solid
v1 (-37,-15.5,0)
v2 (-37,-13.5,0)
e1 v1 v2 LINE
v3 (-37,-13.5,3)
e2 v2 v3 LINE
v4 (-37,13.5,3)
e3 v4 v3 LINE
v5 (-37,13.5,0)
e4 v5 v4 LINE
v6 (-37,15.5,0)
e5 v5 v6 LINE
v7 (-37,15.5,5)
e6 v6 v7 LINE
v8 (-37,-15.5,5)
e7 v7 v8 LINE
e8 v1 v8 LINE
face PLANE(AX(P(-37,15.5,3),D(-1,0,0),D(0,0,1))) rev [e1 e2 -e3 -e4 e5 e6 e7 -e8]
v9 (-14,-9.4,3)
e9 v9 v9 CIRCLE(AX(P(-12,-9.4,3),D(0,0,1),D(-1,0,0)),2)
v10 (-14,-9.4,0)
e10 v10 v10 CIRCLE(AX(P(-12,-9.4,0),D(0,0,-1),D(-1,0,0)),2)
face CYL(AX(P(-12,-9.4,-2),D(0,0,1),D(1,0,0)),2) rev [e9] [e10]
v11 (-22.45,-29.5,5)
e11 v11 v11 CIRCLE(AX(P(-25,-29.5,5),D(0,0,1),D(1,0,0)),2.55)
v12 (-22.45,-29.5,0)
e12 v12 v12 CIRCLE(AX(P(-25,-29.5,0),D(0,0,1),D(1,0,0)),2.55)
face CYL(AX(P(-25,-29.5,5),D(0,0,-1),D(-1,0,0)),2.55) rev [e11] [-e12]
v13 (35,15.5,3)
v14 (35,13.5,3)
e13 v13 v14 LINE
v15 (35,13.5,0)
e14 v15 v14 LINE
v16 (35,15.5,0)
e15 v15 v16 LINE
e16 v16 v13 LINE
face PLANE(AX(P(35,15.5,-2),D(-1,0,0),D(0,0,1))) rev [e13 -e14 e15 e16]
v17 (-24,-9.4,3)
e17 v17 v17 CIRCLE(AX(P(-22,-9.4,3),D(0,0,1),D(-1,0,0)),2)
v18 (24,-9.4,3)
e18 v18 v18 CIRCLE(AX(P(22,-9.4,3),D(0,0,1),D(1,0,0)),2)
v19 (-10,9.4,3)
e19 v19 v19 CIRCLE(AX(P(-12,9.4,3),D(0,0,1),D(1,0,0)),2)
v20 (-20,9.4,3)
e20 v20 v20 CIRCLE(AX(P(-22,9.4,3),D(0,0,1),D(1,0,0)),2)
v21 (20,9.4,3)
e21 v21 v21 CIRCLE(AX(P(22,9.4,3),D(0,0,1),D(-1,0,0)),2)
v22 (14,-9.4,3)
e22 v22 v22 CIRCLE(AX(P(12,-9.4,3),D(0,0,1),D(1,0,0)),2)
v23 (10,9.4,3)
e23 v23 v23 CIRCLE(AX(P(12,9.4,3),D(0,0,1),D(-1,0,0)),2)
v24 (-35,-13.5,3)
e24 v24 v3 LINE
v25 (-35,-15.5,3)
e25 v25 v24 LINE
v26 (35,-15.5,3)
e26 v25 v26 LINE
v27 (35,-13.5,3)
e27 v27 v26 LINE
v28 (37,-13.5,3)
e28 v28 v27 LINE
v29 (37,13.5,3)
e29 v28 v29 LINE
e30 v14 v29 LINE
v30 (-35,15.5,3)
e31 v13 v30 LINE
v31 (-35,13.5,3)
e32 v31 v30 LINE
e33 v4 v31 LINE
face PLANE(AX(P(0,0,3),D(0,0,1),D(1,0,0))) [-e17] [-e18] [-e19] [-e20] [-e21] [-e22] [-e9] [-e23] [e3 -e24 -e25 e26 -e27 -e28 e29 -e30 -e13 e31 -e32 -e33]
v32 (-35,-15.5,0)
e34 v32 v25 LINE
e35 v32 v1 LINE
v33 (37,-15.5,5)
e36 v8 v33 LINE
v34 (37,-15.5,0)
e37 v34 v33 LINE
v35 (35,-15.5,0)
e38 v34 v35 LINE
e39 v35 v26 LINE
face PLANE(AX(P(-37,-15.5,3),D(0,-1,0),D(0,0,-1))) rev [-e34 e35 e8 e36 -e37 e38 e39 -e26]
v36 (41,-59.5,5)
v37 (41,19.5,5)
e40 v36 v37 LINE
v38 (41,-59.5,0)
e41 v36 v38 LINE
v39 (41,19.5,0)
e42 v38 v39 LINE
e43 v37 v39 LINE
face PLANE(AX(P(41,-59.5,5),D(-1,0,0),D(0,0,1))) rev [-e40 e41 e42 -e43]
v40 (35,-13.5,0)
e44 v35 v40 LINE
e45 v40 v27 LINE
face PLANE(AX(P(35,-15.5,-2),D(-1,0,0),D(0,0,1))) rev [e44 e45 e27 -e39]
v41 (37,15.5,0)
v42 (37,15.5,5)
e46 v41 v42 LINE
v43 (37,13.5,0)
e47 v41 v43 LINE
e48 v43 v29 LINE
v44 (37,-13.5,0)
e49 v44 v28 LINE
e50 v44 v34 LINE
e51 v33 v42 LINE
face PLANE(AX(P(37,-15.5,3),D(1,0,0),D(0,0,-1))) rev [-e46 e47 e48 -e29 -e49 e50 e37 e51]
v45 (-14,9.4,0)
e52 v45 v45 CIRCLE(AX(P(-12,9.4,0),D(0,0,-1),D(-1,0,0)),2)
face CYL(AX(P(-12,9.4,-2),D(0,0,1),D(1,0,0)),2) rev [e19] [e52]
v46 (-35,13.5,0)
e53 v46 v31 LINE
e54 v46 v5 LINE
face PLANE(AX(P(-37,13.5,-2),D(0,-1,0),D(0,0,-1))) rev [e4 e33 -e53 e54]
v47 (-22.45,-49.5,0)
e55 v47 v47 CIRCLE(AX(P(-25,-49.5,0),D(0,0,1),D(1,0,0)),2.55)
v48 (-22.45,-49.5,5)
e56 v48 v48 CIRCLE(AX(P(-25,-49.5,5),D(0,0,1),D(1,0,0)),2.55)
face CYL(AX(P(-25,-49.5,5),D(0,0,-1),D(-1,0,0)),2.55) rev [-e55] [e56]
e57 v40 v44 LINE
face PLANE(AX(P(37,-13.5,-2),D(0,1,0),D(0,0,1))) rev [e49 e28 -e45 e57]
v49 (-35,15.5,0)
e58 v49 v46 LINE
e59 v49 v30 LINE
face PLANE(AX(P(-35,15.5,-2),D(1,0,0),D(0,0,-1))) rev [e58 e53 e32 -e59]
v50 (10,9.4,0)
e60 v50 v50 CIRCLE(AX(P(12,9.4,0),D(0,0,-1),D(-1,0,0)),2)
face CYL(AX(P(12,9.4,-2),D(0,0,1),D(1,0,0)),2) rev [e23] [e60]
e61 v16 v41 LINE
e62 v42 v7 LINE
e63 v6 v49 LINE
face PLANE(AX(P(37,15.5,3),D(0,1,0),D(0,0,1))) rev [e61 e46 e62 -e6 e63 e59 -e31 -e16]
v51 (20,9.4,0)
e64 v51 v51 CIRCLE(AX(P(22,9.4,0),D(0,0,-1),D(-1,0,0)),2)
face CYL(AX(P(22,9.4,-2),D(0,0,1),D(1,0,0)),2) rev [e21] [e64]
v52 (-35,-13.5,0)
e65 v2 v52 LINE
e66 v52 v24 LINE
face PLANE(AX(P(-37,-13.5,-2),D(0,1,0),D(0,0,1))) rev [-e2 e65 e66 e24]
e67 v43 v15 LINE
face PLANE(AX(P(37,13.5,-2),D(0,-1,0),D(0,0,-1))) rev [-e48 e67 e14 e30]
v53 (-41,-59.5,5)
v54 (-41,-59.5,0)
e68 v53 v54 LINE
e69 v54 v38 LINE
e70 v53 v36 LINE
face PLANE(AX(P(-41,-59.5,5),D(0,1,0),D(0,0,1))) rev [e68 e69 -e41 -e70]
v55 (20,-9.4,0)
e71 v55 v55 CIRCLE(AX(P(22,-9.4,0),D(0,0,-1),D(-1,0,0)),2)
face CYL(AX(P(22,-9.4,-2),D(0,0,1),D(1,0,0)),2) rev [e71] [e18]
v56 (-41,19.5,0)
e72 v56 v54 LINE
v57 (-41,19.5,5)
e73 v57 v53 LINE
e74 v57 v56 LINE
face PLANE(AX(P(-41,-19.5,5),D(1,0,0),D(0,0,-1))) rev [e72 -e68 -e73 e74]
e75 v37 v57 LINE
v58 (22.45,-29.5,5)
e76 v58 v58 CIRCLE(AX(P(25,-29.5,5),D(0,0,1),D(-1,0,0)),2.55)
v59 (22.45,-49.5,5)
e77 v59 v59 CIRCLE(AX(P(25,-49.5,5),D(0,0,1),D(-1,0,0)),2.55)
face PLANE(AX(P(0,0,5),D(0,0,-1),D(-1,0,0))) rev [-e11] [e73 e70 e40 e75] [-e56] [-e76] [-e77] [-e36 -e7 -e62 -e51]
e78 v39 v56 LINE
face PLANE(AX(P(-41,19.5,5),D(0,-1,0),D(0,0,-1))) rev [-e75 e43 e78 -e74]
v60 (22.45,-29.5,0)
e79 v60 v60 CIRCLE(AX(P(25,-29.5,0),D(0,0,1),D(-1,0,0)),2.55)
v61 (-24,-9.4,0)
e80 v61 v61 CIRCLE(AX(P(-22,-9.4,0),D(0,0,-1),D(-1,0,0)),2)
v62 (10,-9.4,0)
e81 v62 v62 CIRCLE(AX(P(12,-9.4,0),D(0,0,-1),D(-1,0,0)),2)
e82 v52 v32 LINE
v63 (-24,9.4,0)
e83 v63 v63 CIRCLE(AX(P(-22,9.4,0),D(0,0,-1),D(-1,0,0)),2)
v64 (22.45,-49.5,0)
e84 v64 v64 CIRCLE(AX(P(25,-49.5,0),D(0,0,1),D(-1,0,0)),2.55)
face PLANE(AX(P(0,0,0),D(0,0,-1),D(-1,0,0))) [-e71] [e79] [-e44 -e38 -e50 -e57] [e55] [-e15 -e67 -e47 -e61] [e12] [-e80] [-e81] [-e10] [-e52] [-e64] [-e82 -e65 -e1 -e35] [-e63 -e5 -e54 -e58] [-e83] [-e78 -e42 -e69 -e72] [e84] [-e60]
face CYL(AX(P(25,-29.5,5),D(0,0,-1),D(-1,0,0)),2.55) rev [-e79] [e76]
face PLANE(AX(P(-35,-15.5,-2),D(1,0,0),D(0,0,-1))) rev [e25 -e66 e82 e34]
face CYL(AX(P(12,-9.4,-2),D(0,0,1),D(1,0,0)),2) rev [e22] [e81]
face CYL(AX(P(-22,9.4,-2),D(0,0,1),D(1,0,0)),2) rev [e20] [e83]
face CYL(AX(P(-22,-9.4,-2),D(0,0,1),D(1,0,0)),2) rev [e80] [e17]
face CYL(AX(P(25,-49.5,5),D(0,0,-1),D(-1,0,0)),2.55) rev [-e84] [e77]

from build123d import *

# Parameters (mm, degrees)
SKETCH1_R           = 2.55
BOSS_EXTRUDE1_DEPTH = 5
SKETCH3_R           = 2.55
SKETCH3_W           = 74
SKETCH3_H           = 31
CUT_EXTRUDE1_DEPTH  = 2
SKETCH4_R           = 2
SKETCH4_W           = 2
SKETCH4_H           = 2
CUT_EXTRUDE2_DEPTH  = 5


with BuildPart() as part:
    # Sketch1 → Boss-Extrude1 (new body)
    with BuildSketch(Plane.XY):
        Polygon((-41, -19.5), (-41, -59.5), (41, -59.5), (41, -19.5), (41, 19.5), (-41, 19.5), align=None)
        with Locations((-25, -29.5)):
            Circle(SKETCH1_R, mode=Mode.SUBTRACT)
        with Locations((-25, -49.5)):
            Circle(SKETCH1_R, mode=Mode.SUBTRACT)
        with Locations((25, -49.5)):
            Circle(SKETCH1_R, mode=Mode.SUBTRACT)
        with Locations((25, -29.5)):
            Circle(SKETCH1_R, mode=Mode.SUBTRACT)
    extrude(amount=BOSS_EXTRUDE1_DEPTH)

    # Sketch3 → Cut-Extrude1 (cut)
    with BuildSketch(Plane.XY.offset(5)):
        with Locations((25, -29.5)):
            Circle(SKETCH3_R)
        with Locations((25, -49.5)):
            Circle(SKETCH3_R)
        with Locations((-25, -49.5)):
            Circle(SKETCH3_R)
        with Locations((-25, -29.5)):
            Circle(SKETCH3_R)
        Rectangle(SKETCH3_W, SKETCH3_H)
    extrude(amount=-CUT_EXTRUDE1_DEPTH, mode=Mode.SUBTRACT)

    # Sketch4 → Cut-Extrude2 (cut)
    with BuildSketch(Plane.XY.offset(3)):
        with Locations((-22, 9.4)):
            Circle(SKETCH4_R)
        with Locations((-12, 9.4)):
            Circle(SKETCH4_R)
        with Locations((12, 9.4)):
            Circle(SKETCH4_R)
        with Locations((22, 9.4)):
            Circle(SKETCH4_R)
        with Locations((22, -9.4)):
            Circle(SKETCH4_R)
        with Locations((12, -9.4)):
            Circle(SKETCH4_R)
        with Locations((-12, -9.4)):
            Circle(SKETCH4_R)
        with Locations((-22, -9.4)):
            Circle(SKETCH4_R)
        with Locations((-36, -14.5)):
            Rectangle(SKETCH4_W, SKETCH4_H)
        with Locations((-36, 14.5)):
            Rectangle(SKETCH4_W, SKETCH4_H)
        with Locations((36, 14.5)):
            Rectangle(SKETCH4_W, SKETCH4_H)
        with Locations((36, -14.5)):
            Rectangle(SKETCH4_W, SKETCH4_H)
    extrude(amount=-CUT_EXTRUDE2_DEPTH, mode=Mode.SUBTRACT)


solid = part.part
